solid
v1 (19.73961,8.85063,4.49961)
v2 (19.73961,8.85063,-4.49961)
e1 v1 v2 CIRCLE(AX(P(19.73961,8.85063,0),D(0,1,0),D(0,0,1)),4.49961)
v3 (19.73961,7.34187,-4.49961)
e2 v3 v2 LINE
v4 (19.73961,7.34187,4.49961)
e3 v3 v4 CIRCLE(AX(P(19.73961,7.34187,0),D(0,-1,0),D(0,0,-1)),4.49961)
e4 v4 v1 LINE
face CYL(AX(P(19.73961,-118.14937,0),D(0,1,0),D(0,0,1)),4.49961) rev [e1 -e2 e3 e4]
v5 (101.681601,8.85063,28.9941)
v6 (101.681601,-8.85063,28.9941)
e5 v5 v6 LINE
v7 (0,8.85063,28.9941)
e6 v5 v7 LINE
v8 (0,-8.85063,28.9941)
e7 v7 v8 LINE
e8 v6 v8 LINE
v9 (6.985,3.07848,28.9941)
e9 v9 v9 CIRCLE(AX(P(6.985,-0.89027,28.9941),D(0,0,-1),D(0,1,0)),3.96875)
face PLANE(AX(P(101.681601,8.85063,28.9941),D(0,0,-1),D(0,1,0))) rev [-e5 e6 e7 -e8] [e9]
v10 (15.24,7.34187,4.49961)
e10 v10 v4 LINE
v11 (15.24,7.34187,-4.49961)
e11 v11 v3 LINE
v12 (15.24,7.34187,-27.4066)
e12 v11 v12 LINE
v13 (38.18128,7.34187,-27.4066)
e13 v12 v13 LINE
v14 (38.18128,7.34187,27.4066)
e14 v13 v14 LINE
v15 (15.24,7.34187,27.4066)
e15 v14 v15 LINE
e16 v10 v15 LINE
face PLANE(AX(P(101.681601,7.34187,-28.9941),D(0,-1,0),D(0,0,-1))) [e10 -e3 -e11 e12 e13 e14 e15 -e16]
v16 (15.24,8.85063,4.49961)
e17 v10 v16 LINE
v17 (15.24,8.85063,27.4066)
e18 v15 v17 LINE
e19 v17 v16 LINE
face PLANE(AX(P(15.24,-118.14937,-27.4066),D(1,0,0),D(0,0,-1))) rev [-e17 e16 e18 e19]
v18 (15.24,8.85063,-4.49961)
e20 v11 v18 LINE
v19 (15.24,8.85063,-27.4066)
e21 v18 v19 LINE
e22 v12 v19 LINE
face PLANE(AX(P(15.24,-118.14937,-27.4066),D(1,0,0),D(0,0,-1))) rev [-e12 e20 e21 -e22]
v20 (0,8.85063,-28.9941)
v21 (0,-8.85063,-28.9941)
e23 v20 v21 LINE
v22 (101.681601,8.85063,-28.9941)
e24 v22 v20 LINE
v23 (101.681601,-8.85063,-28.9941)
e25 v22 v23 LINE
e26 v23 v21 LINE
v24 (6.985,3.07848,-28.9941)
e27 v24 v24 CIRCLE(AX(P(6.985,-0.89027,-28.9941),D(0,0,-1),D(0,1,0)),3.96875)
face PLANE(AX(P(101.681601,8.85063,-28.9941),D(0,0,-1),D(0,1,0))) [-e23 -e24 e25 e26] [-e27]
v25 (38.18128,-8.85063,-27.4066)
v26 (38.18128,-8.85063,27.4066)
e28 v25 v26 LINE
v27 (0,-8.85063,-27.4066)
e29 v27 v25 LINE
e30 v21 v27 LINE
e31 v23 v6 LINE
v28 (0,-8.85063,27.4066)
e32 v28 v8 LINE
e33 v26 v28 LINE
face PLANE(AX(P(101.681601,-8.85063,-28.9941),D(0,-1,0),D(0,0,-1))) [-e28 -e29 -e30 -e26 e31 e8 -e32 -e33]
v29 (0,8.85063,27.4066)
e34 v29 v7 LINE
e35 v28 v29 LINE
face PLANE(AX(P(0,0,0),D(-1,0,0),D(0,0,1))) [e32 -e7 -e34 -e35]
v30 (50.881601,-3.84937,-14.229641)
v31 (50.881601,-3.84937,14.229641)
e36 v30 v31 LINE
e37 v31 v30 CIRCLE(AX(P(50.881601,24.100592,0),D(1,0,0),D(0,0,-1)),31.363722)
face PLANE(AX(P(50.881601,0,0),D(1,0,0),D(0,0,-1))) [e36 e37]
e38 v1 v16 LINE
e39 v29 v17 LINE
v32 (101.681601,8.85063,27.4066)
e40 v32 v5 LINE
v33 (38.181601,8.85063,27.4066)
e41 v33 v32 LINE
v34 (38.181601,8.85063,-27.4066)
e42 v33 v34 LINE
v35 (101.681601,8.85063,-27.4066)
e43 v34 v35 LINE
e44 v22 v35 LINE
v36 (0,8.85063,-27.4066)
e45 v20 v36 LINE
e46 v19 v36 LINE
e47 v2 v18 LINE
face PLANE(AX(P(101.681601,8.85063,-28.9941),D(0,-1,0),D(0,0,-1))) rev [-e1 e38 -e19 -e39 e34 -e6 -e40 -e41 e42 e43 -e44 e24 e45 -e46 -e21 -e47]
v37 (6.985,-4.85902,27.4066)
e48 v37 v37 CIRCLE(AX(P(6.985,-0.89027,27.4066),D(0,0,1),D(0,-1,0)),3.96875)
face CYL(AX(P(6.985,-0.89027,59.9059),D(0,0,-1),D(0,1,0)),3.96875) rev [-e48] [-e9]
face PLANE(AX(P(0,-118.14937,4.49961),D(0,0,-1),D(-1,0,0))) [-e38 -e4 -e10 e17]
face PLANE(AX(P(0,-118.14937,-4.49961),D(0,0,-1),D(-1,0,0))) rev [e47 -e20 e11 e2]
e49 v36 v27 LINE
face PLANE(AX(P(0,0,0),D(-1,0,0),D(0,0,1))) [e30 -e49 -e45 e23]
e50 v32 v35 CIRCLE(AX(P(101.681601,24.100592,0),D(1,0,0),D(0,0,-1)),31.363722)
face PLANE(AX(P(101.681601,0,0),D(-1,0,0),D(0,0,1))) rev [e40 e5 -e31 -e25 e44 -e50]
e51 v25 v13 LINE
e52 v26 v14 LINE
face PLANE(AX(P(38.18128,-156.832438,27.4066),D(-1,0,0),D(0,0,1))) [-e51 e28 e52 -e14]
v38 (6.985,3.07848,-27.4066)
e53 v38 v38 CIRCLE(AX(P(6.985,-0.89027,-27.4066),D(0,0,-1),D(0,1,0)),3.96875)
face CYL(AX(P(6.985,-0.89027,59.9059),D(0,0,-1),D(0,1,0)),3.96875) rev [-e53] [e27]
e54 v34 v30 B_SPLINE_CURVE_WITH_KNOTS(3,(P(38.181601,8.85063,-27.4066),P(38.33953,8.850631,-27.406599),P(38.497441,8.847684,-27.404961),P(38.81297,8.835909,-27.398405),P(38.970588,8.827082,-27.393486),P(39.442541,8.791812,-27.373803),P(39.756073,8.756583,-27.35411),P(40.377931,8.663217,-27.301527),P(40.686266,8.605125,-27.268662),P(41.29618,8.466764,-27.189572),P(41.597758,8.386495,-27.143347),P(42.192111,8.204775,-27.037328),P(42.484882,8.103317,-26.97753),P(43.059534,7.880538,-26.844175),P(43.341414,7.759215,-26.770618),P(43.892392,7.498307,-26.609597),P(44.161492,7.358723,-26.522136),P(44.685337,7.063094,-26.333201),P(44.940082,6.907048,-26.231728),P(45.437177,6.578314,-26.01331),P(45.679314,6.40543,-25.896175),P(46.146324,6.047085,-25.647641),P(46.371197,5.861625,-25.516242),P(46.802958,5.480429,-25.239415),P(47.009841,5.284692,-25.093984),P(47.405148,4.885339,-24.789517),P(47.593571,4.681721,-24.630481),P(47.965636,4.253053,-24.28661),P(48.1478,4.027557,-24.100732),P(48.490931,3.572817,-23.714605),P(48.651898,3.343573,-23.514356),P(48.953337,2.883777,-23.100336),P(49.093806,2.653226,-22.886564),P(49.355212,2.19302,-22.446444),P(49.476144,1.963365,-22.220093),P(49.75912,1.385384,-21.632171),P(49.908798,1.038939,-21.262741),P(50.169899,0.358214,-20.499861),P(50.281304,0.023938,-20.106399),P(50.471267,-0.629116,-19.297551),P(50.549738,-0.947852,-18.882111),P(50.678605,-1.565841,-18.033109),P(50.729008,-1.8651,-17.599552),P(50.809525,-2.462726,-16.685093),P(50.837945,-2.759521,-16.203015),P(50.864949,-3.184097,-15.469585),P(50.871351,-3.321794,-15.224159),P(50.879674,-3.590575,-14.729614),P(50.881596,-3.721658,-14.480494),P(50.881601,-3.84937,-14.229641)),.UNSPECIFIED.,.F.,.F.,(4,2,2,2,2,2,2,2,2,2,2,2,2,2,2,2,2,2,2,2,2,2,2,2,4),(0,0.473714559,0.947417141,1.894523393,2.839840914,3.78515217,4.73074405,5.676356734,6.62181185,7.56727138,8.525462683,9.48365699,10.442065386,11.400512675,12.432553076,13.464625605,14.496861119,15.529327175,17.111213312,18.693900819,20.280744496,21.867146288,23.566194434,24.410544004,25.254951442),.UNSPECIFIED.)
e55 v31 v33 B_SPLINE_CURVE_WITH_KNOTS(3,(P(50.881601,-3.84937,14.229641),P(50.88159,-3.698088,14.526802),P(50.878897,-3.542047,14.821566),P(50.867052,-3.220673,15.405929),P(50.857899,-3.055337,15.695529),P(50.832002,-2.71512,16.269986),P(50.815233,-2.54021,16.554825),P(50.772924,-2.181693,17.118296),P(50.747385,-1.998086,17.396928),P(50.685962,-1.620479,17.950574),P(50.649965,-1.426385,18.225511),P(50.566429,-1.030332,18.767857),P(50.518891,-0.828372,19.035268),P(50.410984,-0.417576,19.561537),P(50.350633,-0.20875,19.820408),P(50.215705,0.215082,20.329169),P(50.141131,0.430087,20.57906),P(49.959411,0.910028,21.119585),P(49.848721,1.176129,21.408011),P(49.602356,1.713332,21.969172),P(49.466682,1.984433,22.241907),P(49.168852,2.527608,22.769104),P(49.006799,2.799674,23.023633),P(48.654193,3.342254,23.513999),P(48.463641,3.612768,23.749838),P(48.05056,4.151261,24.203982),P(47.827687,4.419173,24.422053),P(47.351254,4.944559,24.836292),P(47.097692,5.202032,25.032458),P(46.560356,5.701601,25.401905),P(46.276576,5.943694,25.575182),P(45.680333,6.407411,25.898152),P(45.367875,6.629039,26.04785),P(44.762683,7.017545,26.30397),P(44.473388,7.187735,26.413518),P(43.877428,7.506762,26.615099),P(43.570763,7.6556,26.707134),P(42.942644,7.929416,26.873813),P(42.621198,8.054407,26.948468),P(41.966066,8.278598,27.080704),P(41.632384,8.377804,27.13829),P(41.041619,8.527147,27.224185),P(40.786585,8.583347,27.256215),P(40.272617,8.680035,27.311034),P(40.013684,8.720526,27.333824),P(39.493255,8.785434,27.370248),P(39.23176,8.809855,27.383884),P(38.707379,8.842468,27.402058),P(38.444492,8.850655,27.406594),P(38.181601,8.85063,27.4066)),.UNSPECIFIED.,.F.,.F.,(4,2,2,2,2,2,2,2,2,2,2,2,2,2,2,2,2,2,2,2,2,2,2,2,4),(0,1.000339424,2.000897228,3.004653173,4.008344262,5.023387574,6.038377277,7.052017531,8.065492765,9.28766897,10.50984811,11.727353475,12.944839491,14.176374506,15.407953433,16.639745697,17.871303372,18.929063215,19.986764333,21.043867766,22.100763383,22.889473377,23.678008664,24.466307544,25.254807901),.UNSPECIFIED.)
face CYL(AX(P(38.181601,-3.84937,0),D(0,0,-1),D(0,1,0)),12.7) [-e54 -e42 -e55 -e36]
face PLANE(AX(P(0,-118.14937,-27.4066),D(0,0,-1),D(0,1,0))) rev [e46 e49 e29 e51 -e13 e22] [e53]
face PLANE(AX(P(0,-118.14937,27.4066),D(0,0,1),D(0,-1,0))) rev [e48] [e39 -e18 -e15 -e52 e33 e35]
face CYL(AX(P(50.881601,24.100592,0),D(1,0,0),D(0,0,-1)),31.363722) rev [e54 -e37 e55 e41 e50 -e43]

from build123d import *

# Parameters (mm, degrees)
SKETCH1_W                = 57.9882
SKETCH1_H                = 17.70126
BOSS_EXTRUDE1_DEPTH      = 101.681600523
SKETCH5_W                = 15.24
SKETCH5_H                = 54.8132
CUT_EXTRUDE1_DEPTH       = 127
SKETCH6_R                = 4.49961
CUT_EXTRUDE2_DEPTH       = 127
CUT_EXTRUDE13_DEPTH      = 50.8
FILLET5_R                = 12.7
SKETCH14_R               = 3.96875
CUT_EXTRUDE14_DEPTH      = 88.9
CUT_EXTRUDE16_DEPTH      = 108.20606489
CUT_EXTRUDE16_DEPTH_BACK = 16.1925


with BuildPart() as part:
    # Sketch1 → Boss-Extrude1 (new body)
    with BuildSketch(Plane(origin=(0, 0, 0), x_dir=(0, 0, -1), z_dir=(1, 0, 0))):
        Rectangle(SKETCH1_W, SKETCH1_H)
    extrude(amount=BOSS_EXTRUDE1_DEPTH)

    # Sketch5 → Cut-Extrude1 (cut)
    with BuildSketch(Plane(origin=(0, 8.85063, 0), x_dir=(1, 0, 0), z_dir=(0, 1, 0))):
        with Locations((7.62, 0)):
            Rectangle(SKETCH5_W, SKETCH5_H)
    extrude(amount=-CUT_EXTRUDE1_DEPTH, mode=Mode.SUBTRACT)

    # Sketch6 → Cut-Extrude2 (cut)
    with BuildSketch(Plane(origin=(0, 8.85063, 0), x_dir=(1, 0, 0), z_dir=(0, 1, 0))):
        with BuildLine():
            ThreePointArc((15.24, 0), (16.557905256, 3.181704744), (19.73961, 4.49961))
            Line((19.73961, 4.49961), (15.24, 4.49961))
            Line((15.24, 4.49961), (15.24, 0))
        make_face()
        with Locations((19.73961, 0)):
            Circle(SKETCH6_R)
        with BuildLine():
            ThreePointArc((19.73961, -4.49961), (16.557905256, -3.181704744), (15.24, 0))
            Line((15.24, 0), (15.24, -4.49961))
            Line((15.24, -4.49961), (19.73961, -4.49961))
        make_face()
    extrude(amount=-CUT_EXTRUDE2_DEPTH, mode=Mode.SUBTRACT)

    # Sketch7 → Cut-Extrude13 (cut)
    with BuildSketch(Plane(origin=(101.681600523, 0, 0), x_dir=(0, 0, -1), z_dir=(1, 0, 0))):
        with BuildLine():
            Line((27.4066, 8.85063), (-27.4066, 8.85063))
            ThreePointArc((-27.4066, 8.85063), (0, -7.26313), (27.4066, 8.85063))
        make_face()
    extrude(amount=-CUT_EXTRUDE13_DEPTH, mode=Mode.SUBTRACT)

    # Fillet5
    fillet5_edges = [part.edges().sort_by_distance(p)[0] for p in [
        (50.881600523, 8.85063, 0),
    ]]
    fillet(fillet5_edges, radius=FILLET5_R)

    # Sketch14 → Cut-Extrude14 (cut)
    with BuildSketch(Plane(origin=(0, 0, -28.9941), x_dir=(-1, 0, 0), z_dir=(0, 0, -1))):
        with Locations(Location((-6.985, -0.89027, 0), (0, 0, 90))):
            Circle(SKETCH14_R)
    extrude(amount=-CUT_EXTRUDE14_DEPTH, mode=Mode.SUBTRACT)

    # Sketch18 → Cut-Extrude16 (cut, two sides: drawn at the far end of the back side and taken through both)
    with BuildSketch(Plane.XZ.offset(8.85063).offset(-CUT_EXTRUDE16_DEPTH_BACK)):
        with BuildLine():
            Line((38.18128, -27.4066), (38.18128, 27.4066))
            Line((38.18128, 27.4066), (15.24, 27.4066))
            Line((15.24, 27.4066), (15.24, 4.49961))
            Line((15.24, 4.49961), (19.73961, 4.49961))
            ThreePointArc((19.73961, 4.49961), (24.23922, 0), (19.73961, -4.49961))
            Line((19.73961, -4.49961), (15.24, -4.49961))
            Line((15.24, -4.49961), (15.24, -27.4066))
            Line((15.24, -27.4066), (38.18128, -27.4066))
        make_face()
    extrude(amount=CUT_EXTRUDE16_DEPTH + CUT_EXTRUDE16_DEPTH_BACK, mode=Mode.SUBTRACT)


solid = part.part
